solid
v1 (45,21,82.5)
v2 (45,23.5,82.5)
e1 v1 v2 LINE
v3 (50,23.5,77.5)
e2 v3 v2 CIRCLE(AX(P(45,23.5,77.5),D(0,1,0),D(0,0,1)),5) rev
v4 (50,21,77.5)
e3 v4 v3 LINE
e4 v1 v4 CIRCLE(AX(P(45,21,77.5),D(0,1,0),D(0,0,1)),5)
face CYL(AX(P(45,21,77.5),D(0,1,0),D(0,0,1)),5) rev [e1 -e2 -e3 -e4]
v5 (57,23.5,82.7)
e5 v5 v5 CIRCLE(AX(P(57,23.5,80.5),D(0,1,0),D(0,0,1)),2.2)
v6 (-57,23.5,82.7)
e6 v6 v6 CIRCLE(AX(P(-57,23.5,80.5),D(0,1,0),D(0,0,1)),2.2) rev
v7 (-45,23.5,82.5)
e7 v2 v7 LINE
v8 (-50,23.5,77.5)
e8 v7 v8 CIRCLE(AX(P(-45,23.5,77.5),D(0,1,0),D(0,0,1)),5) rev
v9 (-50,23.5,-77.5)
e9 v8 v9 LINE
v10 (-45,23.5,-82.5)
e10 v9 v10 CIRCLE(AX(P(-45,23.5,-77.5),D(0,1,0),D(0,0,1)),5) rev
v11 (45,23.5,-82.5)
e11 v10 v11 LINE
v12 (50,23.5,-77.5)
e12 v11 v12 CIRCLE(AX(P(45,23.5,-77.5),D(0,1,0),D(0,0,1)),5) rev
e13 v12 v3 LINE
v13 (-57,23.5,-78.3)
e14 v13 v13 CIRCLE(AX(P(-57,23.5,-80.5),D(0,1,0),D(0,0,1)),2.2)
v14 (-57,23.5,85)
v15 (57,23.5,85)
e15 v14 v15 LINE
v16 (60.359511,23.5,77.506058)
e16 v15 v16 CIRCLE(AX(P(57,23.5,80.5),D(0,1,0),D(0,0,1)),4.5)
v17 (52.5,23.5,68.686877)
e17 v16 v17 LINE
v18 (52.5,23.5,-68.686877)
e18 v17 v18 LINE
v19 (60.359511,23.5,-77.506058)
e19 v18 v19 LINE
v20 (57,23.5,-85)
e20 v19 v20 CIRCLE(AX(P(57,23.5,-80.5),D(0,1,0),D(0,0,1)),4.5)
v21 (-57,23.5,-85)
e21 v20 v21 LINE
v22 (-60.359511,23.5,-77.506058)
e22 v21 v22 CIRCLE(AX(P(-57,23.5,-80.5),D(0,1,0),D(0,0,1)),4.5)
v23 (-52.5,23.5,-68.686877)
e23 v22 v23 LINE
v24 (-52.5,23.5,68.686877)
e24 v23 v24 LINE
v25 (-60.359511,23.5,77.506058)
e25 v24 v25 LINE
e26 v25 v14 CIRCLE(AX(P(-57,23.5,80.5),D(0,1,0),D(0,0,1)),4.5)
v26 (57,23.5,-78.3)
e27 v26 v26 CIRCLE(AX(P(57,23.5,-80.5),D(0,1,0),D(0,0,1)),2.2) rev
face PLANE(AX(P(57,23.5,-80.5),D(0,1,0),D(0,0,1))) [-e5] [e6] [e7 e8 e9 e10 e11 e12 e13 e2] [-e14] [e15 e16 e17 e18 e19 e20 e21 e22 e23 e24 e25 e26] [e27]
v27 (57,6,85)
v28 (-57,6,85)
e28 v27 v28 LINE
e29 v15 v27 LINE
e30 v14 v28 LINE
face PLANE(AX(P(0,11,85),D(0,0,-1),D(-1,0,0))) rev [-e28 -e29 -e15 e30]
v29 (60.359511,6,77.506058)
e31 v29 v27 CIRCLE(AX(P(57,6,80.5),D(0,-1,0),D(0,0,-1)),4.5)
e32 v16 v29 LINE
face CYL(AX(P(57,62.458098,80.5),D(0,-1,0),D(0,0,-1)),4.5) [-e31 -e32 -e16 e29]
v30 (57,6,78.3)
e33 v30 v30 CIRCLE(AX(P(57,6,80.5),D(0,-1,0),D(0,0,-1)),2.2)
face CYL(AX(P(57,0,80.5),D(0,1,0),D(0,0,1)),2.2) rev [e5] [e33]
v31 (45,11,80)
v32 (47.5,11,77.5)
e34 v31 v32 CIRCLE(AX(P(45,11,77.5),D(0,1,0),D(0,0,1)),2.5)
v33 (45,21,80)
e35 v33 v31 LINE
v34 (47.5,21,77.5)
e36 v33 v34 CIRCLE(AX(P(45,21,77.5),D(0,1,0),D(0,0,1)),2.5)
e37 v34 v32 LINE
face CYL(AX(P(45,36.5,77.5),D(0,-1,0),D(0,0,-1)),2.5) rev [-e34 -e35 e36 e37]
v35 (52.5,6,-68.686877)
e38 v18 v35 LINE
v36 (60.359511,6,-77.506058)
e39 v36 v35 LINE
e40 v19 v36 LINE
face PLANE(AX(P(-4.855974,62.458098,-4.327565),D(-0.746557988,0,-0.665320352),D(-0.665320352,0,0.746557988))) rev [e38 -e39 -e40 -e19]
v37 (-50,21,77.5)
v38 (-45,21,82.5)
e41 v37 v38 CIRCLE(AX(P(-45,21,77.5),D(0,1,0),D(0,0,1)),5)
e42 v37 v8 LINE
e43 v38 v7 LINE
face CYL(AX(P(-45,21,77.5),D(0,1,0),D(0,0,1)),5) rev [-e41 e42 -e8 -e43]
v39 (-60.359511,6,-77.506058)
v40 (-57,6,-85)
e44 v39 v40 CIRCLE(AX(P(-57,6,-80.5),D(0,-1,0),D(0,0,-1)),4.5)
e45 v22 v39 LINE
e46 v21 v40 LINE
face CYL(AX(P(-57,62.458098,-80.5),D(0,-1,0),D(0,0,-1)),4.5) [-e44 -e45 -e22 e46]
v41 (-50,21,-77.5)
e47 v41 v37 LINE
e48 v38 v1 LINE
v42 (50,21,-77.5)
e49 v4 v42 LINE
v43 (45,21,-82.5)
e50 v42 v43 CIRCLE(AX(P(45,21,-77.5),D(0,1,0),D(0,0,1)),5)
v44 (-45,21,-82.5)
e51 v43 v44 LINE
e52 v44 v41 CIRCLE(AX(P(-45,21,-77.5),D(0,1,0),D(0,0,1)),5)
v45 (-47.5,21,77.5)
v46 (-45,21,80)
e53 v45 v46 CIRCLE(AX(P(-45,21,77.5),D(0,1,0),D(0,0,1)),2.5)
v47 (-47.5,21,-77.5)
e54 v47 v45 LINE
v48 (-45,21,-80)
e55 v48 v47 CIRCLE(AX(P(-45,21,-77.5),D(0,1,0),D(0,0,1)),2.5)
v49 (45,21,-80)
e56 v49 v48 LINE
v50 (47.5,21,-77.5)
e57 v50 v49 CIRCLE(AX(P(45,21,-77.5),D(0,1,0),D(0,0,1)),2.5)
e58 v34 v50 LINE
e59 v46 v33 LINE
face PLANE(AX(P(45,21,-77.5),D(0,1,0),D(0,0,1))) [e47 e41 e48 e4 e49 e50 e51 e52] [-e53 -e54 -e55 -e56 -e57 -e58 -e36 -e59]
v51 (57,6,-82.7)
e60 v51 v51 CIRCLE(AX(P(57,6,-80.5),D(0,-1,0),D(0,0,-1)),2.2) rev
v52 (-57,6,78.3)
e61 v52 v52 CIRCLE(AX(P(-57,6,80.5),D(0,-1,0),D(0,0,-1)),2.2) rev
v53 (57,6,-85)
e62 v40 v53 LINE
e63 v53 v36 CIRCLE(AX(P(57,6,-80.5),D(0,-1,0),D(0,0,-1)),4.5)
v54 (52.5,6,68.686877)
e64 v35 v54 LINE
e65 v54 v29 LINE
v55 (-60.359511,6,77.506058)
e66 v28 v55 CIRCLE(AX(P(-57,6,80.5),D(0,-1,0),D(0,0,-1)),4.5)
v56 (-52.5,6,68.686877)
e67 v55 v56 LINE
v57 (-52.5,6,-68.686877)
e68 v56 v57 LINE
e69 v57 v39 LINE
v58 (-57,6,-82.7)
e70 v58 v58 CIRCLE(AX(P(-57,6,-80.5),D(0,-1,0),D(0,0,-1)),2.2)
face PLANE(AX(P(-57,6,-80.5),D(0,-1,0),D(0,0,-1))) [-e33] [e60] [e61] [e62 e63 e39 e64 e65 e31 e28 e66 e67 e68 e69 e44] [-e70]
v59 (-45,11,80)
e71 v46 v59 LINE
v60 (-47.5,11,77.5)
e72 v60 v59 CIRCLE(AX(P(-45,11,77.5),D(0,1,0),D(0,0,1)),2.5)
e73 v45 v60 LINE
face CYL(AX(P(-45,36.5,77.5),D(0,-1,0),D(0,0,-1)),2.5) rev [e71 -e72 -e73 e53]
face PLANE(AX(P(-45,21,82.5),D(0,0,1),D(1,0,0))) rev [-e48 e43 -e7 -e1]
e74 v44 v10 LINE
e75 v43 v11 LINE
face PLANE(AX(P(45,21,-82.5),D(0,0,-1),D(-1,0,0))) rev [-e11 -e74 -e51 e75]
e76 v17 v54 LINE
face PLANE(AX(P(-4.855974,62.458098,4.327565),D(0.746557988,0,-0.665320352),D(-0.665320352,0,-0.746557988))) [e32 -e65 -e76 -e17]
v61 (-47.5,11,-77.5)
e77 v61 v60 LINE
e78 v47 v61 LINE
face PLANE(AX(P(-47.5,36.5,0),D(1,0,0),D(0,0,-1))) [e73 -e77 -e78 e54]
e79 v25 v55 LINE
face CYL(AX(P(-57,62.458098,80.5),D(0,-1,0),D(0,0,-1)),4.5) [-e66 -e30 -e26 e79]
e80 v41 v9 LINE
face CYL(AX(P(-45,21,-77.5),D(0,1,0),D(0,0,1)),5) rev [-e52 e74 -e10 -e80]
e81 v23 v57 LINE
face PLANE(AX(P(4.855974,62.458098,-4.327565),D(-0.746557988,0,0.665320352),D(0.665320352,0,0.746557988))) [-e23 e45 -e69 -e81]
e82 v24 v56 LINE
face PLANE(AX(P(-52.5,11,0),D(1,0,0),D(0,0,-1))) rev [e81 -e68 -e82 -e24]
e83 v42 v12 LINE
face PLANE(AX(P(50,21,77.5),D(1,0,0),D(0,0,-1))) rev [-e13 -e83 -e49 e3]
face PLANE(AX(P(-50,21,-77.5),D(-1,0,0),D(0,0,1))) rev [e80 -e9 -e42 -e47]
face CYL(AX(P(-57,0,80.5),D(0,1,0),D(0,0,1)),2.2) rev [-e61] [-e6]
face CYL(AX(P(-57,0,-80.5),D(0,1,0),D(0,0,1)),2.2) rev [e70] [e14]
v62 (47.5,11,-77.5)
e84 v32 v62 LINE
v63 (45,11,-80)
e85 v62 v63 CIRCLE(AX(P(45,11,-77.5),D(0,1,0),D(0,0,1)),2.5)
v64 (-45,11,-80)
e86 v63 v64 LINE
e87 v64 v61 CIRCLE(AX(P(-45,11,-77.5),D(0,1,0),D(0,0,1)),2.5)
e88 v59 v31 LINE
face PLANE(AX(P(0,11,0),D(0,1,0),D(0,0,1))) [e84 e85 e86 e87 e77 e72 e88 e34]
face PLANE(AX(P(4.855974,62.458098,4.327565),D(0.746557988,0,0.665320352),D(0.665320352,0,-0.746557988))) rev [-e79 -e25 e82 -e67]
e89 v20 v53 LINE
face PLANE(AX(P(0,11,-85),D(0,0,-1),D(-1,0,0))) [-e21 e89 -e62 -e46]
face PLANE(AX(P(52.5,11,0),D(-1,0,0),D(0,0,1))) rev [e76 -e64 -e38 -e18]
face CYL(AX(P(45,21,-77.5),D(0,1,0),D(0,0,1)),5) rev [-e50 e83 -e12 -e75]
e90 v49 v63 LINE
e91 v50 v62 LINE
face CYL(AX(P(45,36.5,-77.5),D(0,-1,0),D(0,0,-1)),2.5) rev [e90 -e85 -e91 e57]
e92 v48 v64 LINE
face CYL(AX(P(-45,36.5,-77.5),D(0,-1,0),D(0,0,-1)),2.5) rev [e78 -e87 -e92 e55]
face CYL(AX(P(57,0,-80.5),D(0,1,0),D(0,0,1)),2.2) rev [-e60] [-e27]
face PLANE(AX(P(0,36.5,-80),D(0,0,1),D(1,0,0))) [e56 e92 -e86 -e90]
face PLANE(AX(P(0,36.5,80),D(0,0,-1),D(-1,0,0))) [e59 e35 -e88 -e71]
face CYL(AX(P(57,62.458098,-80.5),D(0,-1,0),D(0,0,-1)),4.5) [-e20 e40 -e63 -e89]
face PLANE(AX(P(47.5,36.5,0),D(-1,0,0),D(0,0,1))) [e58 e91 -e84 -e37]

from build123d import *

# Parameters (mm, degrees)
SALIENTE_EXTRUIR2_DEPTH   = 11
SALIENTE_EXTRUIR3_DEPTH   = 25.5
SALIENTE_EXTRUIR4_DEPTH   = 2.5
SALIENTE_EXTRUIR5_DEPTH   = 36.5
SIMETR_A2_COPY_1_DEPTH    = 36.5
CROQUIS6_R                = 2.2
CORTAR_EXTRUIR2_DEPTH     = 112.083302076
SIMETR_A4_COPY_1_SKETCH_R = 2.2
SIMETR_A4_COPY_1_DEPTH    = 112.083302076
CORTAR_EXTRUIR3_DEPTH     = 6
CORTAR_EXTRUIR4_START     = -18
CORTAR_EXTRUIR4_DEPTH     = 18
CORTAR_EXTRUIR5_START     = -13
CORTAR_EXTRUIR5_DEPTH     = 13


with BuildPart() as part:
    # Croquis1 → Saliente-Extruir2 (new body)
    # profile 1 of 3: a face of its own
    with BuildSketch(Plane(origin=(0, 0, 0), x_dir=(1, 0, 0), z_dir=(0, 1, 0))):
        with BuildLine():
            Line((-45, 85), (45, 85))
            ThreePointArc((45, 85), (50.303300859, 82.803300859), (52.5, 77.5))
            Line((52.5, 77.5), (52.5, -77.5))
            ThreePointArc((52.5, -77.5), (50.303300859, -82.803300859), (45, -85))
            Line((45, -85), (-45, -85))
            ThreePointArc((-45, -85), (-50.303300859, -82.803300859), (-52.5, -77.5))
            Line((-52.5, -77.5), (-52.5, 77.5))
            ThreePointArc((-52.5, 77.5), (-50.303300859, 82.803300859), (-45, 85))
        make_face()
        with BuildLine():
            ThreePointArc((-45, 82.5), (-48.535533906, 81.035533906), (-50, 77.5))
            Line((-50, 77.5), (-50, -77.5))
            ThreePointArc((-50, -77.5), (-48.535533906, -81.035533906), (-45, -82.5))
            Line((-45, -82.5), (45, -82.5))
            ThreePointArc((45, -82.5), (48.535533906, -81.035533906), (50, -77.5))
            Line((50, -77.5), (50, 77.5))
            ThreePointArc((50, 77.5), (48.535533906, 81.035533906), (45, 82.5))
            Line((45, 82.5), (-45, 82.5))
        make_face(mode=Mode.SUBTRACT)
    # profile 2 of 3: a face of its own
    with BuildSketch(Plane(origin=(0, 0, 0), x_dir=(1, 0, 0), z_dir=(0, 1, 0))):
        with BuildLine():
            Line((-45, 82.5), (45, 82.5))
            ThreePointArc((45, 82.5), (48.535533906, 81.035533906), (50, 77.5))
            Line((50, 77.5), (50, -77.5))
            ThreePointArc((50, -77.5), (48.535533906, -81.035533906), (45, -82.5))
            Line((45, -82.5), (-45, -82.5))
            ThreePointArc((-45, -82.5), (-48.535533906, -81.035533906), (-50, -77.5))
            Line((-50, -77.5), (-50, 77.5))
            ThreePointArc((-50, 77.5), (-48.535533906, 81.035533906), (-45, 82.5))
        make_face()
        with BuildLine():
            ThreePointArc((45, -80), (46.767766953, -79.267766953), (47.5, -77.5))
            Line((47.5, -77.5), (47.5, 77.5))
            ThreePointArc((47.5, 77.5), (46.767766953, 79.267766953), (45, 80))
            Line((45, 80), (-45, 80))
            ThreePointArc((-45, 80), (-46.767766953, 79.267766953), (-47.5, 77.5))
            Line((-47.5, 77.5), (-47.5, -77.5))
            ThreePointArc((-47.5, -77.5), (-46.767766953, -79.267766953), (-45, -80))
            Line((-45, -80), (45, -80))
        make_face(mode=Mode.SUBTRACT)
    # profile 3 of 3: a face of its own
    with BuildSketch(Plane(origin=(0, 0, 0), x_dir=(1, 0, 0), z_dir=(0, 1, 0))):
        with BuildLine():
            Line((-45, -80), (45, -80))
            ThreePointArc((45, -80), (46.767766953, -79.267766953), (47.5, -77.5))
            Line((47.5, -77.5), (47.5, 77.5))
            ThreePointArc((47.5, 77.5), (46.767766953, 79.267766953), (45, 80))
            Line((45, 80), (-45, 80))
            ThreePointArc((-45, 80), (-46.767766953, 79.267766953), (-47.5, 77.5))
            Line((-47.5, 77.5), (-47.5, -77.5))
            ThreePointArc((-47.5, -77.5), (-46.767766953, -79.267766953), (-45, -80))
        make_face()
    extrude(amount=SALIENTE_EXTRUIR2_DEPTH)

    # Croquis2 → Saliente-Extruir3 (add)
    # profile 1 of 2: a face of its own
    with BuildSketch(Plane(origin=(0, 11, 0), x_dir=(1, 0, 0), z_dir=(0, 1, 0))):
        with BuildLine():
            ThreePointArc((52.5, 77.5), (50.303300859, 82.803300859), (45, 85))
            Line((45, 85), (-45, 85))
            ThreePointArc((-45, 85), (-50.303300859, 82.803300859), (-52.5, 77.5))
            Line((-52.5, 77.5), (-52.5, -77.5))
            ThreePointArc((-52.5, -77.5), (-50.303300859, -82.803300859), (-45, -85))
            Line((-45, -85), (45, -85))
            ThreePointArc((45, -85), (50.303300859, -82.803300859), (52.5, -77.5))
            Line((52.5, -77.5), (52.5, 77.5))
        make_face()
        with BuildLine():
            ThreePointArc((-45, 82.5), (-48.535533906, 81.035533906), (-50, 77.5))
            Line((-50, 77.5), (-50, -77.5))
            ThreePointArc((-50, -77.5), (-48.535533906, -81.035533906), (-45, -82.5))
            Line((-45, -82.5), (45, -82.5))
            ThreePointArc((45, -82.5), (48.535533906, -81.035533906), (50, -77.5))
            Line((50, -77.5), (50, 77.5))
            ThreePointArc((50, 77.5), (48.535533906, 81.035533906), (45, 82.5))
            Line((45, 82.5), (-45, 82.5))
        make_face(mode=Mode.SUBTRACT)
    # profile 2 of 2: a face of its own
    with BuildSketch(Plane(origin=(0, 11, 0), x_dir=(1, 0, 0), z_dir=(0, 1, 0))):
        with BuildLine():
            Line((45, 82.5), (-45, 82.5))
            ThreePointArc((-45, 82.5), (-48.535533906, 81.035533906), (-50, 77.5))
            Line((-50, 77.5), (-50, -77.5))
            ThreePointArc((-50, -77.5), (-48.535533906, -81.035533906), (-45, -82.5))
            Line((-45, -82.5), (45, -82.5))
            ThreePointArc((45, -82.5), (48.535533906, -81.035533906), (50, -77.5))
            Line((50, -77.5), (50, 77.5))
            ThreePointArc((50, 77.5), (48.535533906, 81.035533906), (45, 82.5))
        make_face()
        with BuildLine():
            ThreePointArc((-45, 80), (-46.767766953, 79.267766953), (-47.5, 77.5))
            Line((-47.5, 77.5), (-47.5, -77.5))
            ThreePointArc((-47.5, -77.5), (-46.767766953, -79.267766953), (-45, -80))
            Line((-45, -80), (45, -80))
            ThreePointArc((45, -80), (46.767766953, -79.267766953), (47.5, -77.5))
            Line((47.5, -77.5), (47.5, 77.5))
            ThreePointArc((47.5, 77.5), (46.767766953, 79.267766953), (45, 80))
            Line((45, 80), (-45, 80))
        make_face(mode=Mode.SUBTRACT)
    extrude(amount=SALIENTE_EXTRUIR3_DEPTH)

    # Croquis3 → Saliente-Extruir4 (add)
    with BuildSketch(Plane(origin=(0, 36.5, 0), x_dir=(1, 0, 0), z_dir=(0, 1, 0))):
        with BuildLine():
            Line((45, 82.5), (-45, 82.5))
            ThreePointArc((-45, 82.5), (-48.535533906, 81.035533906), (-50, 77.5))
            Line((-50, 77.5), (-50, -77.5))
            ThreePointArc((-50, -77.5), (-48.535533906, -81.035533906), (-45, -82.5))
            Line((-45, -82.5), (45, -82.5))
            ThreePointArc((45, -82.5), (48.535533906, -81.035533906), (50, -77.5))
            Line((50, -77.5), (50, 77.5))
            ThreePointArc((50, 77.5), (48.535533906, 81.035533906), (45, 82.5))
        make_face()
        with BuildLine():
            Line((-47.5, -77.5), (-47.5, 77.5))
            ThreePointArc((-47.5, 77.5), (-46.767766953, 79.267766953), (-45, 80))
            Line((-45, 80), (45, 80))
            ThreePointArc((45, 80), (46.767766953, 79.267766953), (47.5, 77.5))
            Line((47.5, 77.5), (47.5, -77.5))
            ThreePointArc((47.5, -77.5), (46.767766953, -79.267766953), (45, -80))
            Line((45, -80), (-45, -80))
            ThreePointArc((-45, -80), (-46.767766953, -79.267766953), (-47.5, -77.5))
        make_face(mode=Mode.SUBTRACT)
    extrude(amount=SALIENTE_EXTRUIR4_DEPTH)

    # Croquis4 → Saliente-Extruir5 (add)
    with BuildSketch(Plane.XZ):
        with BuildLine():
            Line((57, 85), (45, 85))
            ThreePointArc((45, 85), (50.303300859, 82.803300859), (52.5, 77.5))
            Line((52.5, 77.5), (52.5, 68.686877301))
            Line((52.5, 68.686877301), (60.359510947, 77.506058418))
            ThreePointArc((60.359510947, 77.506058418), (61.10625968, 82.340823577), (57, 85))
        make_face()
    saliente_extruir5 = extrude(amount=-SALIENTE_EXTRUIR5_DEPTH)

    # Simetría1: Saliente-Extruir5 across plane
    add(saliente_extruir5.mirror(Plane(origin=(0, 0, 0), x_dir=(0, 0, 1), z_dir=(1, 0, 0))))

    # Simetría2: Saliente-Extruir5 across plane
    add(saliente_extruir5.mirror(Plane.XY))

    # Simetría2 copy 1 sketch → Simetría2 copy 1 (add)
    with BuildSketch(Plane(origin=(0, 0, 0), x_dir=(-1, 0, 0), z_dir=(0, -1, 0))):
        with BuildLine():
            Line((57, 85), (45, 85))
            ThreePointArc((45, 85), (50.303300859, 82.803300859), (52.5, 77.5))
            Line((52.5, 77.5), (52.5, 68.686877301))
            Line((52.5, 68.686877301), (60.359510947, 77.506058418))
            ThreePointArc((60.359510947, 77.506058418), (61.10625968, 82.340823577), (57, 85))
        make_face()
    extrude(amount=-SIMETR_A2_COPY_1_DEPTH)

    # Croquis6 → Cortar-Extruir2 (cut, through all)
    with BuildSketch(Plane(origin=(0, 36.5, 0), x_dir=(1, 0, 0), z_dir=(0, 1, 0))):
        with Locations(Location((57, 80.5, 0), (0, 0, 270))):
            Circle(CROQUIS6_R)
    cortar_extruir2 = extrude(amount=-CORTAR_EXTRUIR2_DEPTH, mode=Mode.SUBTRACT)

    # Simetría3: Cortar-Extruir2 across plane
    add(cortar_extruir2.mirror(Plane(origin=(0, 0, 0), x_dir=(0, 0, 1), z_dir=(1, 0, 0))), mode=Mode.SUBTRACT)

    # Simetría4: Cortar-Extruir2 across plane
    add(cortar_extruir2.mirror(Plane.XY), mode=Mode.SUBTRACT)

    # Simetría4 copy 1 sketch → Simetría4 copy 1 (cut, through all)
    with BuildSketch(Plane(origin=(0, 36.5, 0), x_dir=(-1, 0, 0), z_dir=(0, 1, 0))):
        with Locations(Location((57, 80.5, 0), (0, 0, 270))):
            Circle(SIMETR_A4_COPY_1_SKETCH_R)
    extrude(amount=-SIMETR_A4_COPY_1_DEPTH, mode=Mode.SUBTRACT)

    # Croquis8 → Cortar-Extruir3 (cut)
    with BuildSketch(Plane.XZ):
        with BuildLine():
            Line((-57, -85), (57, -85))
            ThreePointArc((57, -85), (61.10625968, -82.340823577), (60.359510947, -77.506058418))
            Line((60.359510947, -77.506058418), (52.5, -68.686877301))
            Line((52.5, -68.686877301), (52.5, 68.686877301))
            Line((52.5, 68.686877301), (60.359510947, 77.506058418))
            ThreePointArc((60.359510947, 77.506058418), (61.10625968, 82.340823577), (57, 85))
            Line((57, 85), (-57, 85))
            ThreePointArc((-57, 85), (-61.10625968, 82.340823577), (-60.359510947, 77.506058418))
            Line((-60.359510947, 77.506058418), (-52.5, 68.686877301))
            Line((-52.5, 68.686877301), (-52.5, -68.686877301))
            Line((-52.5, -68.686877301), (-60.359510947, -77.506058418))
            ThreePointArc((-60.359510947, -77.506058418), (-61.10625968, -82.340823577), (-57, -85))
        make_face()
    extrude(amount=-CORTAR_EXTRUIR3_DEPTH, mode=Mode.SUBTRACT)

    # Croquis9 → Cortar-Extruir4 (cut)
    with BuildSketch(Plane(origin=(0, 39, 0), x_dir=(1, 0, 0), z_dir=(0, 1, 0)).offset(CORTAR_EXTRUIR4_START)):
        with BuildLine():
            Line((45, 82.5), (-45, 82.5))
            ThreePointArc((-45, 82.5), (-48.535533906, 81.035533906), (-50, 77.5))
            Line((-50, 77.5), (-50, -77.5))
            ThreePointArc((-50, -77.5), (-48.535533906, -81.035533906), (-45, -82.5))
            Line((-45, -82.5), (45, -82.5))
            ThreePointArc((45, -82.5), (48.535533906, -81.035533906), (50, -77.5))
            Line((50, -77.5), (50, 77.5))
            ThreePointArc((50, 77.5), (48.535533906, 81.035533906), (45, 82.5))
        make_face()
        with BuildLine():
            Line((-47.5, 77.5), (-47.5, -77.5))
            ThreePointArc((-47.5, -77.5), (-46.767766953, -79.267766953), (-45, -80))
            Line((-45, -80), (45, -80))
            ThreePointArc((45, -80), (46.767766953, -79.267766953), (47.5, -77.5))
            Line((47.5, -77.5), (47.5, 77.5))
            ThreePointArc((47.5, 77.5), (46.767766953, 79.267766953), (45, 80))
            Line((45, 80), (-45, 80))
            ThreePointArc((-45, 80), (-46.767766953, 79.267766953), (-47.5, 77.5))
        make_face(mode=Mode.SUBTRACT)
    extrude(amount=CORTAR_EXTRUIR4_DEPTH, mode=Mode.SUBTRACT)

    # Croquis10 → Cortar-Extruir5 (cut)
    with BuildSketch(Plane(origin=(0, 36.5, 0), x_dir=(1, 0, 0), z_dir=(0, 1, 0)).offset(CORTAR_EXTRUIR5_START)):
        with BuildLine():
            Line((57, 85), (-57, 85))
            ThreePointArc((-57, 85), (-61.10625968, 82.340823577), (-60.359510947, 77.506058418))
            Line((-60.359510947, 77.506058418), (-52.5, 68.686877301))
            Line((-52.5, 68.686877301), (-52.5, -68.686877301))
            Line((-52.5, -68.686877301), (-60.359510947, -77.506058418))
            ThreePointArc((-60.359510947, -77.506058418), (-61.10625968, -82.340823577), (-57, -85))
            Line((-57, -85), (57, -85))
            ThreePointArc((57, -85), (61.10625968, -82.340823577), (60.359510947, -77.506058418))
            Line((60.359510947, -77.506058418), (52.5, -68.686877301))
            Line((52.5, -68.686877301), (52.5, 68.686877301))
            Line((52.5, 68.686877301), (60.359510947, 77.506058418))
            ThreePointArc((60.359510947, 77.506058418), (61.10625968, 82.340823577), (57, 85))
        make_face()
    extrude(amount=CORTAR_EXTRUIR5_DEPTH, mode=Mode.SUBTRACT)


solid = part.part
